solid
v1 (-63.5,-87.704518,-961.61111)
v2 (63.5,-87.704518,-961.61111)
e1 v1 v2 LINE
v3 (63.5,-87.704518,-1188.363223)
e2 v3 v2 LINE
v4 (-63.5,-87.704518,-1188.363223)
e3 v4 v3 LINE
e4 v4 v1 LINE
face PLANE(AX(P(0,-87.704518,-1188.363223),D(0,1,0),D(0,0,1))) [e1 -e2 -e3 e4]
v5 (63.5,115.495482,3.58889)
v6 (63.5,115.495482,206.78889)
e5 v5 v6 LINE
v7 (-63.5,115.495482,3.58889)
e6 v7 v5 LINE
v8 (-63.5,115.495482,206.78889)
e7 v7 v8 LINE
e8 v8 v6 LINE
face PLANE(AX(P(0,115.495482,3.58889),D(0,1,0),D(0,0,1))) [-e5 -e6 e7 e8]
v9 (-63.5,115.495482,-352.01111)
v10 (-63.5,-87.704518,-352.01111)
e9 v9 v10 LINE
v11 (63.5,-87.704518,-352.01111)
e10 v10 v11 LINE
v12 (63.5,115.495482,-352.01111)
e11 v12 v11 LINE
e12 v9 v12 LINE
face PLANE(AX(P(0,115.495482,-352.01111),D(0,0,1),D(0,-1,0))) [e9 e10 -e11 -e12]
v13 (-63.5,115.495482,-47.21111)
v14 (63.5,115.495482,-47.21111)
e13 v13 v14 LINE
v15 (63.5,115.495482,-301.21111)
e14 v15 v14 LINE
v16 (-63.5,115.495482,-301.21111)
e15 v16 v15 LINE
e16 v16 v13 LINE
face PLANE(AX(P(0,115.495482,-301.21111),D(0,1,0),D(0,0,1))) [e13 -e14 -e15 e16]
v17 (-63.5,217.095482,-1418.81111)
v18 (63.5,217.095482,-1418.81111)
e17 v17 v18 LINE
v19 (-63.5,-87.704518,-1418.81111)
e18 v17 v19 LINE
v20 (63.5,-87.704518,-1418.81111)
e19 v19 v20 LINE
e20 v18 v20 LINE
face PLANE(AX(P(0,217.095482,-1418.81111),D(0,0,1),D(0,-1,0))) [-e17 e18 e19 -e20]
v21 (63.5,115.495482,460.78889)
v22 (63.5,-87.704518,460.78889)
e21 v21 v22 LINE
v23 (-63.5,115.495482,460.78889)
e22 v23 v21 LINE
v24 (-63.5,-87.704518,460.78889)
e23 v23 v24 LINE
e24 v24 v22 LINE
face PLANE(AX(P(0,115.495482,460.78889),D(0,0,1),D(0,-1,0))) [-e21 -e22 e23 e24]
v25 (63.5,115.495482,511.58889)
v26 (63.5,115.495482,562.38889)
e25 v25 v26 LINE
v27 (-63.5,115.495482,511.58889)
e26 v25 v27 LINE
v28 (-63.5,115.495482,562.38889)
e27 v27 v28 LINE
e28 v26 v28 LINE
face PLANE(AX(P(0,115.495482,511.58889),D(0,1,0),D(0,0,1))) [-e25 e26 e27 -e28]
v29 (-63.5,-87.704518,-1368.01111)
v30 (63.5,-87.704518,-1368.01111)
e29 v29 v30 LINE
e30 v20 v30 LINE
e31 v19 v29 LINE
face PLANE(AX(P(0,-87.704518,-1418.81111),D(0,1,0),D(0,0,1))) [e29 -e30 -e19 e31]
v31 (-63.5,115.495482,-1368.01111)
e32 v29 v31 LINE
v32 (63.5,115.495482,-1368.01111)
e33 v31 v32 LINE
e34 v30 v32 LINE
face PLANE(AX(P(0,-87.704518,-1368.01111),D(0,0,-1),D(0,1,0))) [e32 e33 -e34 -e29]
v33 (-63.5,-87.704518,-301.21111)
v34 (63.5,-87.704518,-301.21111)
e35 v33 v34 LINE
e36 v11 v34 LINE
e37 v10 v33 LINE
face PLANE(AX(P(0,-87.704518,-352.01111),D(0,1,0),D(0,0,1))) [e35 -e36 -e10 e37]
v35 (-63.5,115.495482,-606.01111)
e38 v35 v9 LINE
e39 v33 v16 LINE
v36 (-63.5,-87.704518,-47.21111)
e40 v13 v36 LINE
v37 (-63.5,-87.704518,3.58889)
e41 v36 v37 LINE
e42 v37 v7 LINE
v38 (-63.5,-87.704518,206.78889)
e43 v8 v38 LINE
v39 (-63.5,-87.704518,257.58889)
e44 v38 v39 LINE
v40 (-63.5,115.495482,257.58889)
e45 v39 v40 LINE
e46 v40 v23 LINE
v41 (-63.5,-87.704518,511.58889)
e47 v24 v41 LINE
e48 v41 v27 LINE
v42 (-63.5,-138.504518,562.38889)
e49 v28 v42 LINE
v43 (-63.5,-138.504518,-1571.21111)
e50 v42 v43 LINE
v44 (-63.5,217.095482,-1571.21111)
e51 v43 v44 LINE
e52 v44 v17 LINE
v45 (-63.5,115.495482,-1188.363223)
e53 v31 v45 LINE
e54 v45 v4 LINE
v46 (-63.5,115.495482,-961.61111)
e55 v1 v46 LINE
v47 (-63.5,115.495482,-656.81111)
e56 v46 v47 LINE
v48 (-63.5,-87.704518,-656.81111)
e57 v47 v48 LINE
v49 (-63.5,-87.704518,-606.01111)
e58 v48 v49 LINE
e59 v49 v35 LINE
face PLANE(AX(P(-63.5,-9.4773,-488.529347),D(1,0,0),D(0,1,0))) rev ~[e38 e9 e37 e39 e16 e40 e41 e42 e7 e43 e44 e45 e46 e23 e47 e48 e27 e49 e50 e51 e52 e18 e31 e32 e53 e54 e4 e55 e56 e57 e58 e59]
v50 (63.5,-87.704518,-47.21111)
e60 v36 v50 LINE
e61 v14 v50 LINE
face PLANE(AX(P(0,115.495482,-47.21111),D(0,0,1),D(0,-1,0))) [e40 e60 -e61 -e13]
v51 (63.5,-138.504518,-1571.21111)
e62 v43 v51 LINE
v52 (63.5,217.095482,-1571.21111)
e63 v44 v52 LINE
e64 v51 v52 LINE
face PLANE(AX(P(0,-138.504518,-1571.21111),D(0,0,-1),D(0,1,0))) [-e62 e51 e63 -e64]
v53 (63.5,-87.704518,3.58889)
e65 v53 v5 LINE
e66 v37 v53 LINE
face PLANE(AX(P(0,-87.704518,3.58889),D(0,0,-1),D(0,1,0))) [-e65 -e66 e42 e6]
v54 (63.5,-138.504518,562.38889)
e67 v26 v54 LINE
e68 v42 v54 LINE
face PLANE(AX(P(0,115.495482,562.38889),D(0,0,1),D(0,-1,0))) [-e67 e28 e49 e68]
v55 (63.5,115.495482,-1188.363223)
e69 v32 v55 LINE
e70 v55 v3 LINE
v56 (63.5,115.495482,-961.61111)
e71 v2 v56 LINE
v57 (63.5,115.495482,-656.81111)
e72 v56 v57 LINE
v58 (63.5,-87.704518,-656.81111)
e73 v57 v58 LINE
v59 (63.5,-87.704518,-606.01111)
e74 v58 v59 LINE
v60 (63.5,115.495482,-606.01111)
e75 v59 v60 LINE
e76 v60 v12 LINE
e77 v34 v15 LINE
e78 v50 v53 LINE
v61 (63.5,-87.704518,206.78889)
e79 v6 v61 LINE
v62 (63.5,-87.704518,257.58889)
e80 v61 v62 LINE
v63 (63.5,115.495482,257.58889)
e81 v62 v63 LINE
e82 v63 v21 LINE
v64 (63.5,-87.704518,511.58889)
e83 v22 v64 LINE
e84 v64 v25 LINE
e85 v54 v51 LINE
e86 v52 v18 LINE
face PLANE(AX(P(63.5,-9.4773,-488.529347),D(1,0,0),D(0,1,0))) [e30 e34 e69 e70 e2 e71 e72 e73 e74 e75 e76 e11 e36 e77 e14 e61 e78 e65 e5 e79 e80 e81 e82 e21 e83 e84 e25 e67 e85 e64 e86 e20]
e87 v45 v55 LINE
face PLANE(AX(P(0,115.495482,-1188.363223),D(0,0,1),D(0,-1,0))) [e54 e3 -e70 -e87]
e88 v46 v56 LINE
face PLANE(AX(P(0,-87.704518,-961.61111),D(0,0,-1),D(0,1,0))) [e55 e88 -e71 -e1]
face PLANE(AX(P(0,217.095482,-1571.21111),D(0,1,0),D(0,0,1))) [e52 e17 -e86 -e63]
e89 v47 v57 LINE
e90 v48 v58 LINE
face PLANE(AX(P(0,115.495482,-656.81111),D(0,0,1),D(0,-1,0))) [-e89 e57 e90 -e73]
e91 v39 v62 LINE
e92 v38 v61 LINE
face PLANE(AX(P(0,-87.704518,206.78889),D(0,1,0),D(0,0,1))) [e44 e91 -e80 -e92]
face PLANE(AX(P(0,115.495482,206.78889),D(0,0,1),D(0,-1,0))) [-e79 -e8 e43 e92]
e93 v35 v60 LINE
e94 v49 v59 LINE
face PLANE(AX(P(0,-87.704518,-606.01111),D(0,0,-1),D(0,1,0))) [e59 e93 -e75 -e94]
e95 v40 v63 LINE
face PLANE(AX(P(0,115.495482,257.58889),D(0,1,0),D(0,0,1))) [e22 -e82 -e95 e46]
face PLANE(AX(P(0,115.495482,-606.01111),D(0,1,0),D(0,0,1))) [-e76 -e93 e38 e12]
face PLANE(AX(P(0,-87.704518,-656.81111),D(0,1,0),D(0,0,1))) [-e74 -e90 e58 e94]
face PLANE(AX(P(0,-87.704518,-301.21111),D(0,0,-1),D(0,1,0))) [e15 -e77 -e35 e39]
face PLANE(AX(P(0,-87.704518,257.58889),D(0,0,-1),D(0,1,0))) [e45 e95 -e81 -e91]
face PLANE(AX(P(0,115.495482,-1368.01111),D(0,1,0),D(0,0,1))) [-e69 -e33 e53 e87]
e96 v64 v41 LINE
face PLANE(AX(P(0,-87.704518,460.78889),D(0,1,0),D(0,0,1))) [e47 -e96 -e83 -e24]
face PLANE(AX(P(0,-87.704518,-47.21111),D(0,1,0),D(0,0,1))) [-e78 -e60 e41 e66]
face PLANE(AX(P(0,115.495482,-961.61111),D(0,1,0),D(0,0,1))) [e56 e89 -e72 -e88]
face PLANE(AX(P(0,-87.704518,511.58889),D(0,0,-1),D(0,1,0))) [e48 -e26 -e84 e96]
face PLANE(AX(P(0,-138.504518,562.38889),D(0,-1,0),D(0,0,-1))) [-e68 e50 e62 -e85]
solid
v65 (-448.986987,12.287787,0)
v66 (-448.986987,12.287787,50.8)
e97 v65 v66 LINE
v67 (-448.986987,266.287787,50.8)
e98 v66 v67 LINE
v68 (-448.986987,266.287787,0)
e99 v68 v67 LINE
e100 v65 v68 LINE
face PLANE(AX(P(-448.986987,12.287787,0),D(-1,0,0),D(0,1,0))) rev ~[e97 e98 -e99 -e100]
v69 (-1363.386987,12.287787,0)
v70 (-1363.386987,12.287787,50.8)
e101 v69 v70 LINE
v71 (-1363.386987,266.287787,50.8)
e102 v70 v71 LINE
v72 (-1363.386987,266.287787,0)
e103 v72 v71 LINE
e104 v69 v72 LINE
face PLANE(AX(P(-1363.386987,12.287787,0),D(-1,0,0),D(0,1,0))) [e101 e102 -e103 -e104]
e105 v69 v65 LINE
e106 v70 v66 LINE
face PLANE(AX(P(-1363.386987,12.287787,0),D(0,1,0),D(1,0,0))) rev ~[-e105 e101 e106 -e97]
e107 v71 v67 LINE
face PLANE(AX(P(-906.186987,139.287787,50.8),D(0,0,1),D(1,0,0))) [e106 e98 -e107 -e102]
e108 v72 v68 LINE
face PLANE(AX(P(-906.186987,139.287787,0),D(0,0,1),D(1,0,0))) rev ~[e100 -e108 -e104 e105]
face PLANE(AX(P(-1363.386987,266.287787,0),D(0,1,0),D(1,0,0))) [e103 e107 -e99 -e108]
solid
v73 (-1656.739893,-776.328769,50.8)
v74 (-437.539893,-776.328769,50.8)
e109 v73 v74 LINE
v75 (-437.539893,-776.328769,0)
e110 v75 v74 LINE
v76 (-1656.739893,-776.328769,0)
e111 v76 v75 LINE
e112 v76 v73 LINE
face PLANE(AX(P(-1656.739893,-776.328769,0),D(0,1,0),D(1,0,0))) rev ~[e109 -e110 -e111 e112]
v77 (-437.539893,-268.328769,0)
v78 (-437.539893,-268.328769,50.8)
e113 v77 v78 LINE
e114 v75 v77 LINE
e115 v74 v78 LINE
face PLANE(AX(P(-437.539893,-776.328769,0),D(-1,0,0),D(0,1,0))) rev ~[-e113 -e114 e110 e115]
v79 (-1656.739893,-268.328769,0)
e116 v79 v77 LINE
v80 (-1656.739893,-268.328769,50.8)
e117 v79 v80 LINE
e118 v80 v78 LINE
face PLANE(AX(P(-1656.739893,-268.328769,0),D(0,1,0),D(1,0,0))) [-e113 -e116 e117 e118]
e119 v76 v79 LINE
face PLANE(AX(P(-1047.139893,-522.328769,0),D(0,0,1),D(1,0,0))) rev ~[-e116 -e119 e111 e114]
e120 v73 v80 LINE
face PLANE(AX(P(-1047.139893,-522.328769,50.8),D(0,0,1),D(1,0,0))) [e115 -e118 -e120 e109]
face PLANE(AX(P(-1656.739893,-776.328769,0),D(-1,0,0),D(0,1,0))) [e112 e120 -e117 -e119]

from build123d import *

# Parameters (mm, degrees)
F1_DEPTH = 63.5
F2_W     = 914.4
F2_H     = 254
F3_DEPTH = 50.8
F4_W     = 1219.2
F4_H     = 508
F5_DEPTH = 50.8


with BuildPart() as f1:
    # F0 (on Right) → F1 (new body, symmetric)
    with BuildSketch(Plane.YZ):
        Polygon((115.495482, 562.38889), (-138.504518, 562.38889), (-138.504518, -1571.21111), (217.095482, -1571.21111), (217.095482, -1418.81111), (-87.704518, -1418.81111), (-87.704518, -1368.01111), (115.495482, -1368.01111), (115.495482, -1188.363223), (-87.704518, -1188.363223), (-87.704518, -961.61111), (115.495482, -961.61111), (115.495482, -656.81111), (-87.704518, -656.81111), (-87.704518, -606.01111), (115.495482, -606.01111), (115.495482, -352.01111), (-87.704518, -352.01111), (-87.704518, -301.21111), (115.495482, -301.21111), (115.495482, -47.21111), (-87.704518, -47.21111), (-87.704518, 3.58889), (115.495482, 3.58889), (115.495482, 206.78889), (-87.704518, 206.78889), (-87.704518, 257.58889), (115.495482, 257.58889), (115.495482, 460.78889), (-87.704518, 460.78889), (-87.704518, 511.58889), (115.495482, 511.58889), align=None)
    extrude(amount=F1_DEPTH, both=True)


with BuildPart() as f3:
    # F2 (on Top) → F3 (new body)
    with BuildSketch(Plane.XY):
        with Locations((-906.186987, 139.287787)):
            Rectangle(F2_W, F2_H)
    extrude(amount=F3_DEPTH)


with BuildPart() as f5:
    # F4 (on Top) → F5 (new body)
    with BuildSketch(Plane.XY):
        with Locations((-1047.139893, -522.328769)):
            Rectangle(F4_W, F4_H)
    extrude(amount=F5_DEPTH)


solid = Compound([f1.part, f3.part, f5.part])
